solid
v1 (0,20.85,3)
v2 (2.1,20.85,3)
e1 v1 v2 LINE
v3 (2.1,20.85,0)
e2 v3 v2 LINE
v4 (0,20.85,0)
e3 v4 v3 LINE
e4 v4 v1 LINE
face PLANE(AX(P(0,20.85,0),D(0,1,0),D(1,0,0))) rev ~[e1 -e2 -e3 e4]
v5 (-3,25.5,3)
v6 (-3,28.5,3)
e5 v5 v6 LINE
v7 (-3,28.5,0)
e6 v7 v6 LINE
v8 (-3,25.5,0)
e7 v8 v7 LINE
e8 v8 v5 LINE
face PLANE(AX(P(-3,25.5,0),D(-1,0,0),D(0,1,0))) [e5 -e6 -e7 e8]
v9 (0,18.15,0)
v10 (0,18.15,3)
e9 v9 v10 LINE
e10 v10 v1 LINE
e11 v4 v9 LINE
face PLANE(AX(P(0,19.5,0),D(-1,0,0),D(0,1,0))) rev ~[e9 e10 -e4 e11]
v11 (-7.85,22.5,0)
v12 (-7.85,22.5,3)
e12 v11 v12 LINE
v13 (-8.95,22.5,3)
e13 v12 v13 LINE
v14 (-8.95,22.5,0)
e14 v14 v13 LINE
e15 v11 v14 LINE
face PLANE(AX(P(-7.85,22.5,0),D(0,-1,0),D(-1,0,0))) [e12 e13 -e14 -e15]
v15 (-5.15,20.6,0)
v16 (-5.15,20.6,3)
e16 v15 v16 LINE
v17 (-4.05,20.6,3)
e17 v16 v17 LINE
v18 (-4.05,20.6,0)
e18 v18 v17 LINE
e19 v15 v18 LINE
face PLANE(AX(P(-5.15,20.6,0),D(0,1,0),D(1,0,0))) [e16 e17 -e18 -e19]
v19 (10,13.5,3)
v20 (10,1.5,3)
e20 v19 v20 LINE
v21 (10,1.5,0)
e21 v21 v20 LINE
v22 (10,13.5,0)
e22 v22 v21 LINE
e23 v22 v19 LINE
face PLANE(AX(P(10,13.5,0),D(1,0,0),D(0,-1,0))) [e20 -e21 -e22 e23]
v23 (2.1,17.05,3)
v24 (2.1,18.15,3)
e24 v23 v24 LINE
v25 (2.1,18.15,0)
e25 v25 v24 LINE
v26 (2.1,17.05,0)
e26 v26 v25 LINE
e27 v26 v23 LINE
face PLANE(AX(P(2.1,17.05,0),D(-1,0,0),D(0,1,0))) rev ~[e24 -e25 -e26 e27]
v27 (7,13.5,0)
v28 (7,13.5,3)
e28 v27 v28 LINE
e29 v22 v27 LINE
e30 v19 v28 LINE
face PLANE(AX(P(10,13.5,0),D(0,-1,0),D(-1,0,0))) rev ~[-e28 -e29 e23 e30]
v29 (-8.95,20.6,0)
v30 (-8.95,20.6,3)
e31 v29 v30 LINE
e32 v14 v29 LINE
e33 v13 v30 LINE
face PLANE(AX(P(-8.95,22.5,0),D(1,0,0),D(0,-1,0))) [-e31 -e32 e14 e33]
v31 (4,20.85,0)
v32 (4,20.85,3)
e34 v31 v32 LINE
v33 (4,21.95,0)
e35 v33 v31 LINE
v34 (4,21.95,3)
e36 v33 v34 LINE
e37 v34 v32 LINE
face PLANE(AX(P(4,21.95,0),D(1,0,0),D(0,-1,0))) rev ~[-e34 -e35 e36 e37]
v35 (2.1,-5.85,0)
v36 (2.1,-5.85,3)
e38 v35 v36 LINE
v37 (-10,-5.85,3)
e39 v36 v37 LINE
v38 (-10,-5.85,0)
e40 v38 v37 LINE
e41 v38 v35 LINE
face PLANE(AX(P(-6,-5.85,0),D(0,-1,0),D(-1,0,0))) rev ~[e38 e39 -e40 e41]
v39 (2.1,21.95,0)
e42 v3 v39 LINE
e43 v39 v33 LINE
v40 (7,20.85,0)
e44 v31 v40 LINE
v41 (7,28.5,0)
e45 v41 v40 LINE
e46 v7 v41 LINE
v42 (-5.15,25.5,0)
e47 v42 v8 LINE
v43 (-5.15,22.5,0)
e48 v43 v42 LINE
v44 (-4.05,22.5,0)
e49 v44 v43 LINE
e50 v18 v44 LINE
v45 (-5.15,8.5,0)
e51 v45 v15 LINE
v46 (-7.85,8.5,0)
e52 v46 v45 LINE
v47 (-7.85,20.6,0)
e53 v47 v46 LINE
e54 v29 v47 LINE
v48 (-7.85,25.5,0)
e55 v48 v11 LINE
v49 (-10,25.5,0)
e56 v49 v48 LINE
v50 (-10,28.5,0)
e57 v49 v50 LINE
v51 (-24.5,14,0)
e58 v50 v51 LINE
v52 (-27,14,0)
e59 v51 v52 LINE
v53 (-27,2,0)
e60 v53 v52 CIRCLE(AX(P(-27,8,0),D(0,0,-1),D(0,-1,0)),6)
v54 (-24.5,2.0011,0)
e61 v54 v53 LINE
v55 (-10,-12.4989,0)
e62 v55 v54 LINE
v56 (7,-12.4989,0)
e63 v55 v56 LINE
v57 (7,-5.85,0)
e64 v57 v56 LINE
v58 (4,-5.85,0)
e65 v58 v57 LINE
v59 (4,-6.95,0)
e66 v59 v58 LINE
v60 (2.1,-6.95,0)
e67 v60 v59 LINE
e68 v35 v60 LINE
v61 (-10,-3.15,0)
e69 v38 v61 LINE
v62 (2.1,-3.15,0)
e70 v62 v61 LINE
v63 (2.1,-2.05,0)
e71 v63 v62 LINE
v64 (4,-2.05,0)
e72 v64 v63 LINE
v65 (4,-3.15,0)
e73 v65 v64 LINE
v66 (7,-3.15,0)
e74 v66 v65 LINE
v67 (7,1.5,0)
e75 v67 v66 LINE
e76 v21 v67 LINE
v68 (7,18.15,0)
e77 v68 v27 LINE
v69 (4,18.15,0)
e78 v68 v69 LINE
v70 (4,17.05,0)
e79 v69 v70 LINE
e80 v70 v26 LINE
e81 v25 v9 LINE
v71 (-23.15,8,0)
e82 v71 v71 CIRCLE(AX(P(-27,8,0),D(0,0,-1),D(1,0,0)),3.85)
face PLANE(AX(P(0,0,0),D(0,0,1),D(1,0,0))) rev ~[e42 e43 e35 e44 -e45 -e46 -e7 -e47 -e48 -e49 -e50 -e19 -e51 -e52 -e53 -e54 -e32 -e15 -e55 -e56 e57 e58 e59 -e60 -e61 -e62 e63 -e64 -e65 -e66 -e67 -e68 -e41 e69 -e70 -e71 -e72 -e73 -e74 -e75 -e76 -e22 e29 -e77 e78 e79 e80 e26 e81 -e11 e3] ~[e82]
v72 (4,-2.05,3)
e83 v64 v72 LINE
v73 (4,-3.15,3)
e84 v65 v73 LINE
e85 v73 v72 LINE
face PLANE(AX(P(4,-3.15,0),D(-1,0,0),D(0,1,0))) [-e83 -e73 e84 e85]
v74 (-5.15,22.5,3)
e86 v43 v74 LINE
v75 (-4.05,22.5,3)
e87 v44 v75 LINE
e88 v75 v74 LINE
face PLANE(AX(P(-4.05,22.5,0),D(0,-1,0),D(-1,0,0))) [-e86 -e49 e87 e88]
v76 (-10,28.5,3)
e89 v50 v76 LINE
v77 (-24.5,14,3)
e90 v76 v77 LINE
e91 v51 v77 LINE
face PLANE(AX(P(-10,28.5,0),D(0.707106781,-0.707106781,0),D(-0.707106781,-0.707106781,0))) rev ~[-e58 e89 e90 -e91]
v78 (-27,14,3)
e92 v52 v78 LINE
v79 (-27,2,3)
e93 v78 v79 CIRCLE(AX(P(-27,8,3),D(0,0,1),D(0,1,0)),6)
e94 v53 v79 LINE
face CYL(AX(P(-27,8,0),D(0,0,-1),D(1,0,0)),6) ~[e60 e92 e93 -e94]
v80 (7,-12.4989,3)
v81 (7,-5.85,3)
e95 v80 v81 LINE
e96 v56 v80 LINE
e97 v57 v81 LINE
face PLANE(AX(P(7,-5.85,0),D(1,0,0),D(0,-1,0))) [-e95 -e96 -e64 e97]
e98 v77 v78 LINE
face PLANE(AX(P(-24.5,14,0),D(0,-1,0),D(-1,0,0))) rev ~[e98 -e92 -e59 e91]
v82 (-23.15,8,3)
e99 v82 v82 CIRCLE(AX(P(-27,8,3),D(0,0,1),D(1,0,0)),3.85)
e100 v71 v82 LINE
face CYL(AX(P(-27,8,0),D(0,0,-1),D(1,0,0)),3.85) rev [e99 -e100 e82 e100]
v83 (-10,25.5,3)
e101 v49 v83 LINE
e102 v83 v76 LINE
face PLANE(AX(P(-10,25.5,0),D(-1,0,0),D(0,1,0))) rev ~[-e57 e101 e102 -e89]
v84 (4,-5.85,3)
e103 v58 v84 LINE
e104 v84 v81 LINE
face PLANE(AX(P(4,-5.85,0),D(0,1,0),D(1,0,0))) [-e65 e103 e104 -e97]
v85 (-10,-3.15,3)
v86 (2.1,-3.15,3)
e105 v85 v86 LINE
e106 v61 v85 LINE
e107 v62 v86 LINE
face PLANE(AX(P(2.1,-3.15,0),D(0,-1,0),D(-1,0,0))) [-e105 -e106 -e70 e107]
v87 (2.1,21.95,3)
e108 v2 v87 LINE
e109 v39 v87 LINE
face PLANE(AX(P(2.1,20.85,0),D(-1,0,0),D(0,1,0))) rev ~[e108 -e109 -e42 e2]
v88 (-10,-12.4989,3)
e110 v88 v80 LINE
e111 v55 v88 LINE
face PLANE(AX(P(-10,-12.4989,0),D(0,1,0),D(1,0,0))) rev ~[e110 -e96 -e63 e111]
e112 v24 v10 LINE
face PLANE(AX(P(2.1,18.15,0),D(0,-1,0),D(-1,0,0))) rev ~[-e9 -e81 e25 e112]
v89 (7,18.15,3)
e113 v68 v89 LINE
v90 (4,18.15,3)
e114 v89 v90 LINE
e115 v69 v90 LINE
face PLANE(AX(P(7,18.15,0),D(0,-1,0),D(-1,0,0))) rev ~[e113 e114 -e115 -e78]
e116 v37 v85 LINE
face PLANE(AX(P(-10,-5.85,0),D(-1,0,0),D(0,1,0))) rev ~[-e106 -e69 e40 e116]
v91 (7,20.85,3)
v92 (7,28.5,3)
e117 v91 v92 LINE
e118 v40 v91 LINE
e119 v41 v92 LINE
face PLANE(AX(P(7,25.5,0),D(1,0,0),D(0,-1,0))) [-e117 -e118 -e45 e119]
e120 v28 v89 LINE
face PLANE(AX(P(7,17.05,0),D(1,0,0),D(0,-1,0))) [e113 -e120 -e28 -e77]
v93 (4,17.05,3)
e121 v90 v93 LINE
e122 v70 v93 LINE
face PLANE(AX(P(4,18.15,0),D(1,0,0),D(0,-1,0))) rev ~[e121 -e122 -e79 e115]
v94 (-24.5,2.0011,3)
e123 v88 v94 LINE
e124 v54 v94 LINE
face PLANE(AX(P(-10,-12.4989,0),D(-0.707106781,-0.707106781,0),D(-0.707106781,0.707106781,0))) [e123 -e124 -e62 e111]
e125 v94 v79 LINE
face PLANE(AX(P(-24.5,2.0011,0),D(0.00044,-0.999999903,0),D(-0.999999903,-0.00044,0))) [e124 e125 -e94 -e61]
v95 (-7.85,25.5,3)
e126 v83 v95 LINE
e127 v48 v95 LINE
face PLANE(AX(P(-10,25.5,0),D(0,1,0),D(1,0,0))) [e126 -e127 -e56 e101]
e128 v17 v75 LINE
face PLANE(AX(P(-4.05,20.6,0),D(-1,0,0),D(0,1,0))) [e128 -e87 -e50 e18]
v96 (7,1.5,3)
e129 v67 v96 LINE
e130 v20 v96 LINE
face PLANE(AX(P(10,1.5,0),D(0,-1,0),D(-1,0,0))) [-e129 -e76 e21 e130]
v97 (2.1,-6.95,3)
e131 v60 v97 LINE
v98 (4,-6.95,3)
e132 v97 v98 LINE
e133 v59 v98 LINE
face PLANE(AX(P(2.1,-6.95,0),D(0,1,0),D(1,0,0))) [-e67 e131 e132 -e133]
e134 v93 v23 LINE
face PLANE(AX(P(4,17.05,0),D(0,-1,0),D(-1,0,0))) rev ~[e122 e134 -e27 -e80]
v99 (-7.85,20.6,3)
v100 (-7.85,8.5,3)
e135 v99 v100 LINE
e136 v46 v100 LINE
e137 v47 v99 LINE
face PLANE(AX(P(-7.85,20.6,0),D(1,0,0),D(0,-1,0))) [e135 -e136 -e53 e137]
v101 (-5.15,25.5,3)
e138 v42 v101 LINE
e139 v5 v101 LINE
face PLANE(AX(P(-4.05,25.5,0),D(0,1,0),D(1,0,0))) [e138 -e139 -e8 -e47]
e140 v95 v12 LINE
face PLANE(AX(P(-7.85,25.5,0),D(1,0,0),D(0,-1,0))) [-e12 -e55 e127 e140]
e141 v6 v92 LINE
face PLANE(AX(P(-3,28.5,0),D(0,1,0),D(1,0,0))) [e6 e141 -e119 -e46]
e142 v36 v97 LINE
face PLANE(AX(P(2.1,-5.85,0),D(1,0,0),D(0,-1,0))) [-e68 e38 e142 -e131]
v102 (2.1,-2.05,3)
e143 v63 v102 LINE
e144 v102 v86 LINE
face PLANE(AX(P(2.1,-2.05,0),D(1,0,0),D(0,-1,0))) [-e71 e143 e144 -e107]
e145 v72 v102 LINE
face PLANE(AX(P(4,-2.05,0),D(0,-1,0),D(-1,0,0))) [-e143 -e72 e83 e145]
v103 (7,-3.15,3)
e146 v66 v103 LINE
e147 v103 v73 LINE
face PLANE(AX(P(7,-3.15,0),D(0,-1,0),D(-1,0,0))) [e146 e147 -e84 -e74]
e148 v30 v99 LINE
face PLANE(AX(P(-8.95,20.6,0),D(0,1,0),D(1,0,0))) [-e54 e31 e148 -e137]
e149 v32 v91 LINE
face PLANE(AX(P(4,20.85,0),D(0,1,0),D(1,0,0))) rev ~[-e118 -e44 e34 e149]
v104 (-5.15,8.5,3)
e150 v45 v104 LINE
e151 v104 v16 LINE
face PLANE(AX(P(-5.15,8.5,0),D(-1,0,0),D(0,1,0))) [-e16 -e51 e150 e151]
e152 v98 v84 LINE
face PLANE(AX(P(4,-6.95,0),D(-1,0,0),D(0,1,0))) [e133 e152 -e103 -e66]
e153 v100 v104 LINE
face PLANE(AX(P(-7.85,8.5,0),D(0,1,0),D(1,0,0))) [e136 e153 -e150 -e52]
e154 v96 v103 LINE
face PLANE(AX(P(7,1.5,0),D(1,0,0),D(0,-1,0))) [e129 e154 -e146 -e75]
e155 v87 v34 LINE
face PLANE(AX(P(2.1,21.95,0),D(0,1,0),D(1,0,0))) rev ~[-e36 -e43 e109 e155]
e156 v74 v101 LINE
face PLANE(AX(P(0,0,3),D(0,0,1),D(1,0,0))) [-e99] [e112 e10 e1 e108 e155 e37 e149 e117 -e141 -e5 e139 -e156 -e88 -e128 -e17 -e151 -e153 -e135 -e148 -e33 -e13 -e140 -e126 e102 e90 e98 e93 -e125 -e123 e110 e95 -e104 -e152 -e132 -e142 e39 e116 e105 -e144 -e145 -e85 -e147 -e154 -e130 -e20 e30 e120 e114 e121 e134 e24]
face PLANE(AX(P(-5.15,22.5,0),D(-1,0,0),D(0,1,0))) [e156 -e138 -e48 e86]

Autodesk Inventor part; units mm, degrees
ref_plane "YZ Plane" through (0, 0, 0) normal (1, 0, 0) x (0, 1, 0)
ref_plane "XZ Plane" through (0, 0, 0) normal (0, 1, 0) x (-1, 0, 0)
ref_plane "XY Plane" through (0, 0, 0) normal (0, 0, 1) x (1, 0, 0)
sketch "Эскиз1" plane through (0, 0, 0) normal (0, 0, 1) x (1, 0, 0)
  line L0 (10, -28.5) -> (-10, -28.5)
  line L1 (-10, -28.5) -> (-10, 28.5)
  line L2 (-10, 28.5) -> (10, 28.5)
  line L3 (10, 28.5) -> (10, -28.5)
  line L4 (10, -28.5) -> (-10, 28.5) construction
  line L5 (-10, -28.5) -> (10, 28.5) construction
  line L6 (-10, 28.5) -> (-27, 28.5)
  line L7 (-27, 28.5) -> (-27, -28.5)
  line L8 (-27, -28.5) -> (-10, -28.5)
  line L9 (-10, -28.5) -> (-10, 28.5)
  line L10 (-27, -28.5) -> (-27, 28.5)
  line L11 (10, 28.5) -> (-10, 28.5)
  line L12 (-10, 28.5) -> (-10, 25.5)
  line L13 (-10, 25.5) -> (10, 25.5)
  line L14 (10, 25.5) -> (10, 28.5)
  line L15 (10, 25.5) -> (7, 25.5)
  line L16 (7, 25.5) -> (7, -28.5)
  line L17 (7, -28.5) -> (10, -28.5)
  line L18 (10, -28.5) -> (10, 25.5)
  line L19 (7, 25.5) -> (-3, 25.5)
  line L20 (-3, 25.5) -> (-3, 28.5)
  line L21 (-3, 28.5) -> (7, 28.5)
  line L22 (7, 28.5) -> (7, 25.5)
  line L23 (-10, 25.5) -> (-3, 28.5)
  line L24 (-3, 25.5) -> (-10, 28.5)
  line L25 (-6.5, 27) -> (-6.5, 17)
  line L26 (7, 25.5) -> (10, 25.5)
  line L27 (10, 25.5) -> (10, 13.5)
  line L28 (10, 13.5) -> (7, 13.5)
  line L29 (7, 13.5) -> (7, 25.5)
  line L30 (7, 25.5) -> (10, 13.5)
  line L31 (7, 13.5) -> (10, 25.5)
  line L32 (8.5, 19.5) -> (0, 19.5)
  line L33 (-6.5, 27) -> (-5.15, 27)
  line L34 (-5.15, 27) -> (-5.15, 28.5)
  line L35 (-5.15, 28.5) -> (-6.5, 28.5)
  line L36 (-6.5, 28.5) -> (-6.5, 27)
  line L37 (-5.15, 28.5) -> (-7.85, 28.5)
  line L38 (-7.85, 28.5) -> (-7.85, 8.5)
  line L39 (-7.85, 8.5) -> (-5.15, 8.5)
  line L40 (-5.15, 8.5) -> (-5.15, 28.5)
  line L41 (-5.15, 25.5) -> (-4.05, 25.5)
  line L42 (-4.05, 25.5) -> (-4.05, 22.5)
  line L43 (-4.05, 22.5) -> (-5.15, 22.5)
  line L44 (-5.15, 22.5) -> (-5.15, 25.5)
  line L45 (-4.05, 22.5) -> (-8.95, 22.5)
  line L46 (-8.95, 22.5) -> (-8.95, 20.6)
  line L47 (-8.95, 20.6) -> (-4.05, 20.6)
  line L48 (-4.05, 20.6) -> (-4.05, 22.5)
  line L49 (8.5, 19.5) -> (10, 19.5)
  line L50 (10, 19.5) -> (10, 18.15)
  line L51 (10, 18.15) -> (8.5, 18.15)
  line L52 (8.5, 18.15) -> (8.5, 19.5)
  line L53 (10, 18.15) -> (0, 18.15)
  line L54 (0, 18.15) -> (0, 20.85)
  line L55 (0, 20.85) -> (10, 20.85)
  line L56 (10, 20.85) -> (10, 18.15)
  line L57 (7, 18.15) -> (4, 18.15)
  line L58 (4, 18.15) -> (4, 17.05)
  line L59 (4, 17.05) -> (7, 17.05)
  line L60 (7, 17.05) -> (7, 18.15)
  line L61 (4, 17.05) -> (2.1, 17.05)
  line L62 (2.1, 17.05) -> (2.1, 21.95)
  line L63 (2.1, 21.95) -> (4, 21.95)
  line L64 (4, 21.95) -> (4, 17.05)
  line L65 (7, 13.5) -> (10, 13.5)
  line L66 (10, 13.5) -> (10, 1.5)
  line L67 (10, 1.5) -> (7, 1.5)
  line L68 (7, 1.5) -> (7, 13.5)
  line L69 (7, 1.5) -> (10, 1.5)
  line L70 (10, 1.5) -> (10, -10.5)
  line L71 (10, -10.5) -> (7, -10.5)
  line L72 (7, -10.5) -> (7, 1.5)
  line L73 (8.5, 7.5) -> (7, 7.5)
  line L74 (10, -3.15) -> (0, -3.15)
  line L75 (0, -5.85) -> (10, -5.85)
  line L76 (4, -2.05) -> (2.1, -2.05)
  line L77 (2.1, -2.05) -> (2.1, -6.95)
  line L78 (2.1, -6.95) -> (4, -6.95)
  line L79 (4, -6.95) -> (4, -2.05)
  line L80 (0, -5.85) -> (-6, -5.85)
  line L81 (-6, -3.15) -> (0, -3.15)
  line L82 (0, -3.15) -> (0, -5.85)
  line L83 (10, -5.85) -> (-10, -5.85)
  line L84 (-10, -5.85) -> (-10, -3.15)
  line L85 (-10, -3.15) -> (10, -3.15)
  line L86 (10, -3.15) -> (10, -5.85)
  line L87 (-27, 28.5) -> (-27, 8)
  line L88 (-17.0714, 4) -> (0.879, 4) construction
  line L89 (-10, -12.4989) -> (10, -12.4989)
  circle A0 centre (-27, 8) radius 3.85
  line L90 (-27, 28.5) -> (-33, 28.5)
  line L91 (-33, 28.5) -> (-33, -28.5)
  line L92 (-33, -28.5) -> (-27, -28.5)
  line L93 (-27, -28.5) -> (-27, 28.5)
  circle A1 centre (-27, 8) radius 6
  line L94 (-10, 28.5) -> (-24.5, 14)
  line L95 (-10, 28.5) -> (10.5061, 28.5) construction
  line L96 (-24.5, 14) -> (-27, 14)
  line L97 (-10, -12.4989) -> (-24.5, 2.0011)
  line L98 (-10, -12.4989) -> (10.5061, -12.4989) construction
  line L99 (-24.5, 2.0011) -> (-27, 2)
  point P0 (0, 0)
  point P1 (2.1, 18.15)
  point P2 (2.1, 20.85)
  point P3 (4, 20.85)
  point P4 (7, 20.85)
  point P5 (7, 28.5)
  point P6 (-3, 25.5)
  point P7 (-5.15, 20.6)
  point P8 (-7.85, 20.6)
  point P9 (-7.85, 22.5)
  point P10 (-7.85, 25.5)
  point P11 (7, -5.85)
  point P12 (4, -5.85)
  point P13 (2.1, -5.85)
  point P14 (2.1, -3.15)
  point P15 (4, -3.15)
  point P16 (7, -3.15)
  point P17 (7, 18.15)
  point P18 (2.1, -5.85)
  point P19 (7, -5.85)
  point P20 (4, -5.85)
  point P21 (-10, -28.5)
  point P22 (-27, 12)
  point P23 (-27, 4)
  point P24 (7, -12.4989)
  dimension "d0" = 20
  dimension "d1" = 57
  dimension "d2" = 17
  dimension "d4" = 3
  dimension "d5" = 3
  dimension "d6" = 10
  dimension "d7" = 10
  dimension "d8" = 12
  dimension "d9" = 1.35
  dimension "d10" = 2.7
  dimension "d11" = 20
  dimension "d12" = 1.1
  dimension "d13" = 3
  dimension "d14" = 4.9
  dimension "d15" = 1.9
  dimension "d16" = 1.35
  dimension "d17" = 2.7
  dimension "d18" = 3
  dimension "d19" = 1.1
  dimension "d20" = 1.9
  dimension "d21" = 4.9
  dimension "d22" = 12
  dimension "d23" = 12
  dimension "d27" = 20
  dimension "d28" = 20.5
  dimension "d31" = 7.7
  dimension "d32" = 6
  dimension "d33" = 135
  dimension "d34" = 135
extrude "Выдавливание1" add sketch "Эскиз1" along normal blind 3 contours L7 A0 A1 | L89 L1 L83 L80 L75 L77 L78 L79 L16 | L97 L99 A1 L96 L94 L1 | L1 L13 L38 L45 L46 L47 L39 L40 L48 L42 L16 L55 L64 L63 L62 L54 L53 L61 L59 L74 L79 L76 L77 L81 L85 | L67 L16 L28 L3 | L59 L58 L53 L16 | L13 L42 L43 L40 | L2 L22 L13 L20
properties part number "крепление оси"
